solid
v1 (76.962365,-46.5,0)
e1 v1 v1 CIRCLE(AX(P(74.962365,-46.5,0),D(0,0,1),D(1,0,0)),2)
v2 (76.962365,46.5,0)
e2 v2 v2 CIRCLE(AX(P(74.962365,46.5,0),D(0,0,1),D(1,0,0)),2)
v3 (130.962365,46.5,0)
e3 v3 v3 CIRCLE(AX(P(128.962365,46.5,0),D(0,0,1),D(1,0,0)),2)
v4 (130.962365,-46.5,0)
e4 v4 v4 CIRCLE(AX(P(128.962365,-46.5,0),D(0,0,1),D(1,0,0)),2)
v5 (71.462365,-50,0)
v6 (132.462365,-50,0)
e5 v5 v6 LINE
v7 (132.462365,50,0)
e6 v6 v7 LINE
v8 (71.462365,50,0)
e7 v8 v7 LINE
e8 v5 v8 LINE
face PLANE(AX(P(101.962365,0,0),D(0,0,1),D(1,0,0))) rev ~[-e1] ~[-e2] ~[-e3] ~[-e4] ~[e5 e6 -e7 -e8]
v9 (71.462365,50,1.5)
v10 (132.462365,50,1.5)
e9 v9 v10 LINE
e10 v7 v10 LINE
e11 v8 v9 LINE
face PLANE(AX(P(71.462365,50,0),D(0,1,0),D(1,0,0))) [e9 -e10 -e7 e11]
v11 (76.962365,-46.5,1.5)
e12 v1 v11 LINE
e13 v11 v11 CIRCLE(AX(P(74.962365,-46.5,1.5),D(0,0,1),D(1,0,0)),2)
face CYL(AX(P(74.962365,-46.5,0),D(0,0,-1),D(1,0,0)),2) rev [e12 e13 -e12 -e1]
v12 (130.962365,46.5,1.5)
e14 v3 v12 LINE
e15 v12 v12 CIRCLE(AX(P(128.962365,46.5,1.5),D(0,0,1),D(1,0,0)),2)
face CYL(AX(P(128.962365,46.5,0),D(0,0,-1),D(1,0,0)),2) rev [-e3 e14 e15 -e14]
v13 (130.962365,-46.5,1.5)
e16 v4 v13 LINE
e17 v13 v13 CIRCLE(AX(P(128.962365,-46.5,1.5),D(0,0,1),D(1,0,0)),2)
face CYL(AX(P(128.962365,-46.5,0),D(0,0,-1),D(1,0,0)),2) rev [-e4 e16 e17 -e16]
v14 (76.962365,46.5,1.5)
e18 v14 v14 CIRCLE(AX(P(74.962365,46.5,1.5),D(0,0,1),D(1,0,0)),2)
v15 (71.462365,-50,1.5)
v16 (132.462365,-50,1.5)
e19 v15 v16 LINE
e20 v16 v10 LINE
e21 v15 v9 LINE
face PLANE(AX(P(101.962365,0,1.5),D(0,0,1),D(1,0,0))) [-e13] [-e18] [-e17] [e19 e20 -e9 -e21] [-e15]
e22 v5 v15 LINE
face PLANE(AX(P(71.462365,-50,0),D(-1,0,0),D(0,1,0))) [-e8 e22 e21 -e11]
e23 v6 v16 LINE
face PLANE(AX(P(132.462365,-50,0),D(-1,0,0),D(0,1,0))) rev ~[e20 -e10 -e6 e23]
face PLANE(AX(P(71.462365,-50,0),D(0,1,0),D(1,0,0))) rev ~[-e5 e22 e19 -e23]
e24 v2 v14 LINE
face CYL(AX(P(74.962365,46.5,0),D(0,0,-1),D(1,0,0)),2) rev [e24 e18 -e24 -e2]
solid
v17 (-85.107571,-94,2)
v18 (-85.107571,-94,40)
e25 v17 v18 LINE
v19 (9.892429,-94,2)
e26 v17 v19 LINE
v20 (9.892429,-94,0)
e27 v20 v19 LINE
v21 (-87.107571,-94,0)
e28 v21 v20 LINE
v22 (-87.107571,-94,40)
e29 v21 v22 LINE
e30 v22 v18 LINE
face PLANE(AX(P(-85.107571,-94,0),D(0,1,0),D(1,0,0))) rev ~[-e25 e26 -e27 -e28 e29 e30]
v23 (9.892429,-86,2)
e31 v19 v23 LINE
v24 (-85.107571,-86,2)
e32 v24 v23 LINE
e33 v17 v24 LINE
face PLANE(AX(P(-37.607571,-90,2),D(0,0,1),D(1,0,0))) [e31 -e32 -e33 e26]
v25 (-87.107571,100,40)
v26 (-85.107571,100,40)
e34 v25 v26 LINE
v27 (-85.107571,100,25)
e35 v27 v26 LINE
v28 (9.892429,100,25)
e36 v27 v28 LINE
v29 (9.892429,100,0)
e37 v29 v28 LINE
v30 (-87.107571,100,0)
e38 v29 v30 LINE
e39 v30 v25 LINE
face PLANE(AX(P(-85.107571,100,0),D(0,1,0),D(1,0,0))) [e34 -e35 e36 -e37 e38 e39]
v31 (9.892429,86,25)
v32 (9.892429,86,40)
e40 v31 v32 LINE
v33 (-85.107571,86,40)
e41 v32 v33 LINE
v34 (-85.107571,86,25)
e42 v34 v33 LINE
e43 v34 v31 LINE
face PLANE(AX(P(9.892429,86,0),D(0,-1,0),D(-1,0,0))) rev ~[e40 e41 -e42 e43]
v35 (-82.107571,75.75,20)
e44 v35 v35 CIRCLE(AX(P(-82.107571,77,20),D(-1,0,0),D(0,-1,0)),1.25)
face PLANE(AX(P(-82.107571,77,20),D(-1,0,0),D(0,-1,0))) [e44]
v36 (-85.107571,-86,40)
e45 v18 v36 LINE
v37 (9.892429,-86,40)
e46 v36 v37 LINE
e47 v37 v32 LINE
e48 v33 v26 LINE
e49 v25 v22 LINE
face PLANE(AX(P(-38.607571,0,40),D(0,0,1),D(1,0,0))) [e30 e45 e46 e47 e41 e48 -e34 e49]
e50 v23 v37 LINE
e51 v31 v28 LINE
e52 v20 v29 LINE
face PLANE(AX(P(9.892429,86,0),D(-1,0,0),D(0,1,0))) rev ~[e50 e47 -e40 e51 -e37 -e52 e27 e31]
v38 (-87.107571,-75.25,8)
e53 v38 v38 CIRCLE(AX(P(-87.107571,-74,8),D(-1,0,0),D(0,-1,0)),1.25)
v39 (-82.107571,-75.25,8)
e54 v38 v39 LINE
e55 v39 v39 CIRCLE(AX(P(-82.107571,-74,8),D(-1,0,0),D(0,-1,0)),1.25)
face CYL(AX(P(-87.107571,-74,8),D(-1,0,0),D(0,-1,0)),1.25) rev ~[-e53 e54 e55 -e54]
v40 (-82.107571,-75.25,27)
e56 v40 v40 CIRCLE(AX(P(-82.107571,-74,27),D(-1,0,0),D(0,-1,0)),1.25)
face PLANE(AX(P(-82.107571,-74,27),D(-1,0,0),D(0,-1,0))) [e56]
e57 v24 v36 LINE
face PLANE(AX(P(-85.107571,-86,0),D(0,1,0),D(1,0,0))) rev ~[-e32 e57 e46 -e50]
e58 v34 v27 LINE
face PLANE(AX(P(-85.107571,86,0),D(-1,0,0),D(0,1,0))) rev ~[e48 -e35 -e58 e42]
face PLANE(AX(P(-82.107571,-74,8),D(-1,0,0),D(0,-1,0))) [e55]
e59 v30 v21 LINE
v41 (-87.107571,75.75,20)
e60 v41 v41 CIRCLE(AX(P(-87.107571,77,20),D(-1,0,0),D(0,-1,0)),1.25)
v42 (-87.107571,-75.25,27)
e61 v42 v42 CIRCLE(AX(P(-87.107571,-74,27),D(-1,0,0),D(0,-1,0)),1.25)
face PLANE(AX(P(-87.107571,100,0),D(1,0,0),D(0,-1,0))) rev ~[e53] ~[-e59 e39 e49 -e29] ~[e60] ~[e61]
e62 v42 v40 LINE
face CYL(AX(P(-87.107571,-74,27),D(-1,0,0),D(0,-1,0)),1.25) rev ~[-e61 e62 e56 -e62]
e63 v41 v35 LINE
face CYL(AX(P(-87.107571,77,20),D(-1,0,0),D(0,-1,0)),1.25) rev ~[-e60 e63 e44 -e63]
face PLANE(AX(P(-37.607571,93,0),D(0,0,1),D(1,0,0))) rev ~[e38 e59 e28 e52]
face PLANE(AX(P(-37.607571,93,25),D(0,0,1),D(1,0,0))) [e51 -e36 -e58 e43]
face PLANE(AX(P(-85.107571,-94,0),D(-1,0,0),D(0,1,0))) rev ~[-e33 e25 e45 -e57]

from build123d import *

# Parameters (mm, degrees)
F0_W     = 2
F0_H     = 14
F0_H_2   = 8
F1_DEPTH = 40
F0_W_2   = 95
F2_DEPTH = 2
F3_DEPTH = 25
F4_R     = 1.25
F5_DEPTH = 5
F0_W_3   = 61
F0_H_3   = 100
F0_R     = 2
F6_DEPTH = 1.5


with BuildPart() as f1:
    # F0 (on Top) → F1 (new body)
    with BuildSketch(Plane.XY):
        Polygon((9.892429, -86), (9.892429, 86), (-85.107571, 86), (-87.107571, 86), (-87.107571, -86), (-85.107571, -86), align=None)
        with Locations((-86.107571, 93)):
            Rectangle(F0_W, F0_H)
        with Locations((-86.107571, -90)):
            Rectangle(F0_W, F0_H_2)
    extrude(amount=F1_DEPTH)

    # F0 (on Top) → F2 (join)
    with BuildSketch(Plane.XY):
        with Locations((-37.607571, -90)):
            Rectangle(F0_W_2, F0_H_2)
    extrude(amount=F2_DEPTH)

    # F0 (on Top) → F3 (join)
    with BuildSketch(Plane.XY):
        with Locations((-37.607571, 93)):
            Rectangle(F0_W_2, F0_H)
    extrude(amount=F3_DEPTH)

    # F4 (on face) → F5 (cut)
    with BuildSketch(Plane(origin=(-87.107571, 0, 0), x_dir=(0, -1, 0), z_dir=(-1, 0, 0))):
        with Locations((74, 8)):
            Circle(F4_R)
        with Locations((74, 27)):
            Circle(F4_R)
        with Locations((-77, 20)):
            Circle(F4_R)
    extrude(amount=-F5_DEPTH, mode=Mode.SUBTRACT)


with BuildPart() as f6:
    # F0 (on Top) → F6 (new body)
    with BuildSketch(Plane.XY):
        with Locations((101.962365, 0)):
            Rectangle(F0_W_3, F0_H_3)
        with Locations((74.962365, -46.5)):
            Circle(F0_R, mode=Mode.SUBTRACT)
        with Locations((128.962365, -46.5)):
            Circle(F0_R, mode=Mode.SUBTRACT)
        with Locations((74.962365, 46.5)):
            Circle(F0_R, mode=Mode.SUBTRACT)
        with Locations((128.962365, 46.5)):
            Circle(F0_R, mode=Mode.SUBTRACT)
    extrude(amount=F6_DEPTH)


solid = Compound([f1.part, f6.part])
